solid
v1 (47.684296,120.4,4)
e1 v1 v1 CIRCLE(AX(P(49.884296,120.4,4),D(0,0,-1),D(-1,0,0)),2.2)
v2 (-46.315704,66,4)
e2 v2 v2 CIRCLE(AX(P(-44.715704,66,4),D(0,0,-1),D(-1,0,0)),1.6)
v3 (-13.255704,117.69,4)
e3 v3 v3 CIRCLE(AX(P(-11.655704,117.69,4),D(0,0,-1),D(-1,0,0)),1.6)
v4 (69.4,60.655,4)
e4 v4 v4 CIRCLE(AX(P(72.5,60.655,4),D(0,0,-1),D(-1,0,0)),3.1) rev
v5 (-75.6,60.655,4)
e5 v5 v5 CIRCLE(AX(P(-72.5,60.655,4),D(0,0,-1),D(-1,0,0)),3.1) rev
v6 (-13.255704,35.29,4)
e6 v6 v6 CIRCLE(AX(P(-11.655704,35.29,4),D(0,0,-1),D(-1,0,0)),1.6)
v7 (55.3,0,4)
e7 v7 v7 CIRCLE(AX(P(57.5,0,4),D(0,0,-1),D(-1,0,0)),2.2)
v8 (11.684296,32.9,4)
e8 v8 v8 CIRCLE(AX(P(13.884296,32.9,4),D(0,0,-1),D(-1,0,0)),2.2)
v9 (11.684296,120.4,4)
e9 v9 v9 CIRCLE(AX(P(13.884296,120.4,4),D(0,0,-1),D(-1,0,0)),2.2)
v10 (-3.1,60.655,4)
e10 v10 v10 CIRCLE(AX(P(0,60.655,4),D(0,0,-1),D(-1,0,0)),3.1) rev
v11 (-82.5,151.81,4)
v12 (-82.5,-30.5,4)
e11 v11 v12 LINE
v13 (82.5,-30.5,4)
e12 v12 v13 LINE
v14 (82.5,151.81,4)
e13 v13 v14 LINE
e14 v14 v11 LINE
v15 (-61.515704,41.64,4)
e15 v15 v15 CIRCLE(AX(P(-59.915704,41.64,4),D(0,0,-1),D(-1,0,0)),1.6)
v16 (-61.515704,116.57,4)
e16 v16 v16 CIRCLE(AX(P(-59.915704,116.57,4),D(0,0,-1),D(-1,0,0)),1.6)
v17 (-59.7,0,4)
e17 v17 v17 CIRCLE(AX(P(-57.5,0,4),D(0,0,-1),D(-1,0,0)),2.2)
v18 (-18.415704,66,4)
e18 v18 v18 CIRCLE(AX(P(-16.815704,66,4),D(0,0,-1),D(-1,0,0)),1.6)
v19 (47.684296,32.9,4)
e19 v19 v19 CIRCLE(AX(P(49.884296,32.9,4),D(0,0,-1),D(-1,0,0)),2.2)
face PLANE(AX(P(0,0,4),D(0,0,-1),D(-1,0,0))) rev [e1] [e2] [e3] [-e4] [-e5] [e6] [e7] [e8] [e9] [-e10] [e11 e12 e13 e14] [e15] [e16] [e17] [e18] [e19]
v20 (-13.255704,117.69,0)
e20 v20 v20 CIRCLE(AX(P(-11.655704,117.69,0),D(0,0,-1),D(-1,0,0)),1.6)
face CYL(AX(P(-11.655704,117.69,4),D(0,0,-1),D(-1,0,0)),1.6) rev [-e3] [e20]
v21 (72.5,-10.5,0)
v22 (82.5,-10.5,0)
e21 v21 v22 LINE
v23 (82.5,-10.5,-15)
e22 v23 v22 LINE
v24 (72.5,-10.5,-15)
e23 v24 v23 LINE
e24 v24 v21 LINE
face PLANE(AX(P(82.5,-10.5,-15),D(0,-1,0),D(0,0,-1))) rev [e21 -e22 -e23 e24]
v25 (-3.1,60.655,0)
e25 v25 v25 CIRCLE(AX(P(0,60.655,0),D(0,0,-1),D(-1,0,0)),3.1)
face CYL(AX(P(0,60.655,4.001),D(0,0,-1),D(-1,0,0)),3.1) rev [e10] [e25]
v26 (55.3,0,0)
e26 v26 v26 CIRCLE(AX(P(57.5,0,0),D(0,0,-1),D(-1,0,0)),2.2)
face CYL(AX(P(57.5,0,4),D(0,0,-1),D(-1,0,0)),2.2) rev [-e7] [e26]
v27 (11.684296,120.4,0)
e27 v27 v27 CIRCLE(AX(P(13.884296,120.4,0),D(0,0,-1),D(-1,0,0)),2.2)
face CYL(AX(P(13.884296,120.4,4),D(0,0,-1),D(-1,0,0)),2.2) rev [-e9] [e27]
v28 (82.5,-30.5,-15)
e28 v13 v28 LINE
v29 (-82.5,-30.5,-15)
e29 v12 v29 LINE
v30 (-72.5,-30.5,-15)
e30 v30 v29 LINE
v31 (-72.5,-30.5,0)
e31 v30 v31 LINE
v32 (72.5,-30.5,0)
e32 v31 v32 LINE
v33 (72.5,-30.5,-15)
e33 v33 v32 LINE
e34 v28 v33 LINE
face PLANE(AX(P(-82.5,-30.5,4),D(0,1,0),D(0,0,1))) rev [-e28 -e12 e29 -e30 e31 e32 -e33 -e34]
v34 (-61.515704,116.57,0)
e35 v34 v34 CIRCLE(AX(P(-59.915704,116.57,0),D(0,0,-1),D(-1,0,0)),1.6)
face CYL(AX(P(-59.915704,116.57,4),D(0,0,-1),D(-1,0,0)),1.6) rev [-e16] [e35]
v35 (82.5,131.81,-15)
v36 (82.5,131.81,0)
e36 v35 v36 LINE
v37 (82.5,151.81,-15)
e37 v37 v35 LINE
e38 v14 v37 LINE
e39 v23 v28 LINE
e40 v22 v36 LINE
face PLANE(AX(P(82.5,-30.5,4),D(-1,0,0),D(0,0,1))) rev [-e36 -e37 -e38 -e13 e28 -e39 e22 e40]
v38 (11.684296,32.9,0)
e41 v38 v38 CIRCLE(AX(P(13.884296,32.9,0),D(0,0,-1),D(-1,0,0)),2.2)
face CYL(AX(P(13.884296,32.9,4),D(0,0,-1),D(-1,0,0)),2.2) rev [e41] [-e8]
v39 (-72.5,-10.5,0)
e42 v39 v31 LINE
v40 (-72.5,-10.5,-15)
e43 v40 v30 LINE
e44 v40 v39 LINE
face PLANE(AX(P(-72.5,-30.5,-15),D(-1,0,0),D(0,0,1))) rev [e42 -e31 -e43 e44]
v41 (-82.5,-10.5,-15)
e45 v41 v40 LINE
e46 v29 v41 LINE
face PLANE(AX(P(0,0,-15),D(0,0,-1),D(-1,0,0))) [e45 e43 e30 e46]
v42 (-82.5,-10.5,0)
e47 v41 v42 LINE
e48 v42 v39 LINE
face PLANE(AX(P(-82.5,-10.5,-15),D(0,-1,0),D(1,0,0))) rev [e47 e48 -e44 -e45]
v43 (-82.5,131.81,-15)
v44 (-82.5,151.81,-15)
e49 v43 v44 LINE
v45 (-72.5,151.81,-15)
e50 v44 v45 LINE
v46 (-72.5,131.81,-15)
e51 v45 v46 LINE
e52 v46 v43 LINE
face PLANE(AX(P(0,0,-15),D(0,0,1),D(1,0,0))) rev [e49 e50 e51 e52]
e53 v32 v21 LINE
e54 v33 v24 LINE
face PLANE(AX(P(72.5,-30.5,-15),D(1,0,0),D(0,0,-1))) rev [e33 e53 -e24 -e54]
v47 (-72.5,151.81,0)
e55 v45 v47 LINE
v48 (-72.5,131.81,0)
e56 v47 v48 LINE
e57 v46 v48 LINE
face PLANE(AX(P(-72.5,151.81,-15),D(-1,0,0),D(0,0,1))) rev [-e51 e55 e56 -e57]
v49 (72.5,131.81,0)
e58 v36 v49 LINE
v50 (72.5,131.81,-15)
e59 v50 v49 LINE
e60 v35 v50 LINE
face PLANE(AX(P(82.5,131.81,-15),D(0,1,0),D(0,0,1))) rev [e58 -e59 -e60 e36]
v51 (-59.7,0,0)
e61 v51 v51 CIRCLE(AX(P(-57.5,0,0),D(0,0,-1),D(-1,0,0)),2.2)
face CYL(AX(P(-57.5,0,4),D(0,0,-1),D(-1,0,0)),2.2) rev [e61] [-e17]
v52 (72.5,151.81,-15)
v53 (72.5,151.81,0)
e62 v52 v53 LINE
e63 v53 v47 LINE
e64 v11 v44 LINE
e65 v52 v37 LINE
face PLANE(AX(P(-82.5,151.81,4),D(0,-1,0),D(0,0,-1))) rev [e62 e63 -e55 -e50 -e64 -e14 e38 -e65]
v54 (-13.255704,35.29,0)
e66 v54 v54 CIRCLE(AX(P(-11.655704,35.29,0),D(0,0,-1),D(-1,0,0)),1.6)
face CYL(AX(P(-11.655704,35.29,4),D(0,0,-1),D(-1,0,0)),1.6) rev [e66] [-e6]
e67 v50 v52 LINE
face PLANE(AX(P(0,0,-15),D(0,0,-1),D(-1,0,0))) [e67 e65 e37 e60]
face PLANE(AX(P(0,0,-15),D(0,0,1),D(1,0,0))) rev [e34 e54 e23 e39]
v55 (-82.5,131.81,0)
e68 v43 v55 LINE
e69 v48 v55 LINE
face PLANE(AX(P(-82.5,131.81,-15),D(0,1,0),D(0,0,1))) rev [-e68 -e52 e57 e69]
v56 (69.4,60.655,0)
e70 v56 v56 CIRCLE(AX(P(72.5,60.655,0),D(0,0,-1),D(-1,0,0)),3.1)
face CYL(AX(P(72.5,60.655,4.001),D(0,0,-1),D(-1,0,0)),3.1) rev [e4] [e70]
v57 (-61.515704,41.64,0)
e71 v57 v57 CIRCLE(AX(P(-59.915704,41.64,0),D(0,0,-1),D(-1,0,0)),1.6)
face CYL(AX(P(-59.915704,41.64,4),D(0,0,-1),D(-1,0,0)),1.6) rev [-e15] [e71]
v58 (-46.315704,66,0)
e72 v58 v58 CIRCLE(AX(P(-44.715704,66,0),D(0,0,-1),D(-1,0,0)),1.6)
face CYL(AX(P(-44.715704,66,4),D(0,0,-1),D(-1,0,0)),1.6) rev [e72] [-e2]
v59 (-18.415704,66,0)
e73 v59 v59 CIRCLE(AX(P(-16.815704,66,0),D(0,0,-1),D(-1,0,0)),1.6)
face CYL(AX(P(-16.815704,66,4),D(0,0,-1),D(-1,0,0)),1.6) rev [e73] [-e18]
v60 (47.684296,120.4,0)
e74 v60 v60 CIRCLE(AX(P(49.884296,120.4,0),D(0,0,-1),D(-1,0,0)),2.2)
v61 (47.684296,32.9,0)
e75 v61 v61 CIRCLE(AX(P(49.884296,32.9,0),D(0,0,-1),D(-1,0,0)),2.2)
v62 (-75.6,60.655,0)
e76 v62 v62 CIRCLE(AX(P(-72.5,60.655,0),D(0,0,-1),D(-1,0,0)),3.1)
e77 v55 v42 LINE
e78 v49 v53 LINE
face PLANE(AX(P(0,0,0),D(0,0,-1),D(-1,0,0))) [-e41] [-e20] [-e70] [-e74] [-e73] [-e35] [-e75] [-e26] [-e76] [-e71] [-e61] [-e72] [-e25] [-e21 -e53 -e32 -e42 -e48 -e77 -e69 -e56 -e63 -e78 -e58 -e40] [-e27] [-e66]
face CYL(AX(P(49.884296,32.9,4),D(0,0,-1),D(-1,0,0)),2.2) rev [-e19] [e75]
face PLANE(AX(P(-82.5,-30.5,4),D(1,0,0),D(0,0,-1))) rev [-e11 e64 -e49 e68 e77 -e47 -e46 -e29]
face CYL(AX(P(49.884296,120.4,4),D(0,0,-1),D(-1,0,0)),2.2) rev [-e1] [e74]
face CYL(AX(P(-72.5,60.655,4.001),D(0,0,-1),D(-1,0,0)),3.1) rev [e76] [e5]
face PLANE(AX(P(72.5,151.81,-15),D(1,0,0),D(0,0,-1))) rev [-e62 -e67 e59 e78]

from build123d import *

# Parameters (mm, degrees)
SKETCH1_W           = 165
SKETCH1_H           = 182.31
BOSS_EXTRUDE1_DEPTH = 4
SKETCH2_R           = 2.2
SKETCH2_R_2         = 1.6
CUT_EXTRUDE1_DEPTH  = 4
SKETCH3_W           = 10
SKETCH3_H           = 20
BOSS_EXTRUDE2_DEPTH = 15
CUT_EXTRUDE2_REACH  = 175.429
SKETCH4_R           = 3.1


with BuildPart() as part:
    # Sketch1 → Boss-Extrude1 (new body)
    with BuildSketch(Plane.XY):
        with Locations((0, 60.655)):
            Rectangle(SKETCH1_W, SKETCH1_H)
    extrude(amount=BOSS_EXTRUDE1_DEPTH)

    # Sketch2 → Cut-Extrude1 (cut)
    with BuildSketch(Plane(origin=(0, 0, 0), x_dir=(-1, 0, 0), z_dir=(0, 0, -1))):
        with Locations((-49.884295567, 120.4)):
            Circle(SKETCH2_R)
        with Locations((-49.884295567, 32.9)):
            Circle(SKETCH2_R)
        with Locations((-13.884295567, 32.9)):
            Circle(SKETCH2_R)
        with Locations((-13.884295567, 120.4)):
            Circle(SKETCH2_R)
        with Locations((57.5, 0)):
            Circle(SKETCH2_R)
        with Locations((-57.5, 0)):
            Circle(SKETCH2_R)
        with Locations((11.655704433, 35.29)):
            Circle(SKETCH2_R_2)
        with Locations((16.815704433, 66)):
            Circle(SKETCH2_R_2)
        with Locations((11.655704433, 117.69)):
            Circle(SKETCH2_R_2)
        with Locations((59.915704433, 116.57)):
            Circle(SKETCH2_R_2)
        with Locations((44.715704433, 66)):
            Circle(SKETCH2_R_2)
        with Locations((59.915704433, 41.64)):
            Circle(SKETCH2_R_2)
    extrude(amount=-CUT_EXTRUDE1_DEPTH, mode=Mode.SUBTRACT)

    # Sketch3 → Boss-Extrude2 (add)
    with BuildSketch(Plane(origin=(0, 0, 0), x_dir=(-1, 0, 0), z_dir=(0, 0, -1))):
        with Locations((-77.5, -20.5)):
            Rectangle(SKETCH3_W, SKETCH3_H)
        with Locations((-77.5, 141.81)):
            Rectangle(SKETCH3_W, SKETCH3_H)
        with Locations((77.5, -20.5)):
            Rectangle(SKETCH3_W, SKETCH3_H)
        with Locations((77.5, 141.81)):
            Rectangle(SKETCH3_W, SKETCH3_H)
    extrude(amount=BOSS_EXTRUDE2_DEPTH)

    # Sketch4 → Cut-Extrude2 (cut, up to next)
    with BuildSketch(Plane(origin=(0, 0, 0), x_dir=(-1, 0, 0), z_dir=(0, 0, -1)), mode=Mode.PRIVATE) as cut_extrude2_sk1:
        with Locations((-72.5, 60.655)):
            Circle(SKETCH4_R)
    cut_extrude2_tool1 = extrude(cut_extrude2_sk1.sketch, amount=-CUT_EXTRUDE2_REACH, mode=Mode.PRIVATE) & part.part
    # Sketch4 → Cut-Extrude2 (cut, up to next)
    with BuildSketch(Plane(origin=(0, 0, 0), x_dir=(-1, 0, 0), z_dir=(0, 0, -1)), mode=Mode.PRIVATE) as cut_extrude2_sk2:
        with Locations((72.5, 60.655)):
            Circle(SKETCH4_R)
    cut_extrude2_tool2 = extrude(cut_extrude2_sk2.sketch, amount=-CUT_EXTRUDE2_REACH, mode=Mode.PRIVATE) & part.part
    # Sketch4 → Cut-Extrude2 (cut, up to next)
    with BuildSketch(Plane(origin=(0, 0, 0), x_dir=(-1, 0, 0), z_dir=(0, 0, -1)), mode=Mode.PRIVATE) as cut_extrude2_sk3:
        with Locations((0, 60.655)):
            Circle(SKETCH4_R)
    cut_extrude2_tool3 = extrude(cut_extrude2_sk3.sketch, amount=-CUT_EXTRUDE2_REACH, mode=Mode.PRIVATE) & part.part
    add(cut_extrude2_tool1.solids().sort_by_distance((72.5, 60.655, 0))[0], mode=Mode.SUBTRACT)
    add(cut_extrude2_tool2.solids().sort_by_distance((-72.5, 60.655, 0))[0], mode=Mode.SUBTRACT)
    add(cut_extrude2_tool3.solids().sort_by_distance((0, 60.655, 0))[0], mode=Mode.SUBTRACT)


solid = part.part
